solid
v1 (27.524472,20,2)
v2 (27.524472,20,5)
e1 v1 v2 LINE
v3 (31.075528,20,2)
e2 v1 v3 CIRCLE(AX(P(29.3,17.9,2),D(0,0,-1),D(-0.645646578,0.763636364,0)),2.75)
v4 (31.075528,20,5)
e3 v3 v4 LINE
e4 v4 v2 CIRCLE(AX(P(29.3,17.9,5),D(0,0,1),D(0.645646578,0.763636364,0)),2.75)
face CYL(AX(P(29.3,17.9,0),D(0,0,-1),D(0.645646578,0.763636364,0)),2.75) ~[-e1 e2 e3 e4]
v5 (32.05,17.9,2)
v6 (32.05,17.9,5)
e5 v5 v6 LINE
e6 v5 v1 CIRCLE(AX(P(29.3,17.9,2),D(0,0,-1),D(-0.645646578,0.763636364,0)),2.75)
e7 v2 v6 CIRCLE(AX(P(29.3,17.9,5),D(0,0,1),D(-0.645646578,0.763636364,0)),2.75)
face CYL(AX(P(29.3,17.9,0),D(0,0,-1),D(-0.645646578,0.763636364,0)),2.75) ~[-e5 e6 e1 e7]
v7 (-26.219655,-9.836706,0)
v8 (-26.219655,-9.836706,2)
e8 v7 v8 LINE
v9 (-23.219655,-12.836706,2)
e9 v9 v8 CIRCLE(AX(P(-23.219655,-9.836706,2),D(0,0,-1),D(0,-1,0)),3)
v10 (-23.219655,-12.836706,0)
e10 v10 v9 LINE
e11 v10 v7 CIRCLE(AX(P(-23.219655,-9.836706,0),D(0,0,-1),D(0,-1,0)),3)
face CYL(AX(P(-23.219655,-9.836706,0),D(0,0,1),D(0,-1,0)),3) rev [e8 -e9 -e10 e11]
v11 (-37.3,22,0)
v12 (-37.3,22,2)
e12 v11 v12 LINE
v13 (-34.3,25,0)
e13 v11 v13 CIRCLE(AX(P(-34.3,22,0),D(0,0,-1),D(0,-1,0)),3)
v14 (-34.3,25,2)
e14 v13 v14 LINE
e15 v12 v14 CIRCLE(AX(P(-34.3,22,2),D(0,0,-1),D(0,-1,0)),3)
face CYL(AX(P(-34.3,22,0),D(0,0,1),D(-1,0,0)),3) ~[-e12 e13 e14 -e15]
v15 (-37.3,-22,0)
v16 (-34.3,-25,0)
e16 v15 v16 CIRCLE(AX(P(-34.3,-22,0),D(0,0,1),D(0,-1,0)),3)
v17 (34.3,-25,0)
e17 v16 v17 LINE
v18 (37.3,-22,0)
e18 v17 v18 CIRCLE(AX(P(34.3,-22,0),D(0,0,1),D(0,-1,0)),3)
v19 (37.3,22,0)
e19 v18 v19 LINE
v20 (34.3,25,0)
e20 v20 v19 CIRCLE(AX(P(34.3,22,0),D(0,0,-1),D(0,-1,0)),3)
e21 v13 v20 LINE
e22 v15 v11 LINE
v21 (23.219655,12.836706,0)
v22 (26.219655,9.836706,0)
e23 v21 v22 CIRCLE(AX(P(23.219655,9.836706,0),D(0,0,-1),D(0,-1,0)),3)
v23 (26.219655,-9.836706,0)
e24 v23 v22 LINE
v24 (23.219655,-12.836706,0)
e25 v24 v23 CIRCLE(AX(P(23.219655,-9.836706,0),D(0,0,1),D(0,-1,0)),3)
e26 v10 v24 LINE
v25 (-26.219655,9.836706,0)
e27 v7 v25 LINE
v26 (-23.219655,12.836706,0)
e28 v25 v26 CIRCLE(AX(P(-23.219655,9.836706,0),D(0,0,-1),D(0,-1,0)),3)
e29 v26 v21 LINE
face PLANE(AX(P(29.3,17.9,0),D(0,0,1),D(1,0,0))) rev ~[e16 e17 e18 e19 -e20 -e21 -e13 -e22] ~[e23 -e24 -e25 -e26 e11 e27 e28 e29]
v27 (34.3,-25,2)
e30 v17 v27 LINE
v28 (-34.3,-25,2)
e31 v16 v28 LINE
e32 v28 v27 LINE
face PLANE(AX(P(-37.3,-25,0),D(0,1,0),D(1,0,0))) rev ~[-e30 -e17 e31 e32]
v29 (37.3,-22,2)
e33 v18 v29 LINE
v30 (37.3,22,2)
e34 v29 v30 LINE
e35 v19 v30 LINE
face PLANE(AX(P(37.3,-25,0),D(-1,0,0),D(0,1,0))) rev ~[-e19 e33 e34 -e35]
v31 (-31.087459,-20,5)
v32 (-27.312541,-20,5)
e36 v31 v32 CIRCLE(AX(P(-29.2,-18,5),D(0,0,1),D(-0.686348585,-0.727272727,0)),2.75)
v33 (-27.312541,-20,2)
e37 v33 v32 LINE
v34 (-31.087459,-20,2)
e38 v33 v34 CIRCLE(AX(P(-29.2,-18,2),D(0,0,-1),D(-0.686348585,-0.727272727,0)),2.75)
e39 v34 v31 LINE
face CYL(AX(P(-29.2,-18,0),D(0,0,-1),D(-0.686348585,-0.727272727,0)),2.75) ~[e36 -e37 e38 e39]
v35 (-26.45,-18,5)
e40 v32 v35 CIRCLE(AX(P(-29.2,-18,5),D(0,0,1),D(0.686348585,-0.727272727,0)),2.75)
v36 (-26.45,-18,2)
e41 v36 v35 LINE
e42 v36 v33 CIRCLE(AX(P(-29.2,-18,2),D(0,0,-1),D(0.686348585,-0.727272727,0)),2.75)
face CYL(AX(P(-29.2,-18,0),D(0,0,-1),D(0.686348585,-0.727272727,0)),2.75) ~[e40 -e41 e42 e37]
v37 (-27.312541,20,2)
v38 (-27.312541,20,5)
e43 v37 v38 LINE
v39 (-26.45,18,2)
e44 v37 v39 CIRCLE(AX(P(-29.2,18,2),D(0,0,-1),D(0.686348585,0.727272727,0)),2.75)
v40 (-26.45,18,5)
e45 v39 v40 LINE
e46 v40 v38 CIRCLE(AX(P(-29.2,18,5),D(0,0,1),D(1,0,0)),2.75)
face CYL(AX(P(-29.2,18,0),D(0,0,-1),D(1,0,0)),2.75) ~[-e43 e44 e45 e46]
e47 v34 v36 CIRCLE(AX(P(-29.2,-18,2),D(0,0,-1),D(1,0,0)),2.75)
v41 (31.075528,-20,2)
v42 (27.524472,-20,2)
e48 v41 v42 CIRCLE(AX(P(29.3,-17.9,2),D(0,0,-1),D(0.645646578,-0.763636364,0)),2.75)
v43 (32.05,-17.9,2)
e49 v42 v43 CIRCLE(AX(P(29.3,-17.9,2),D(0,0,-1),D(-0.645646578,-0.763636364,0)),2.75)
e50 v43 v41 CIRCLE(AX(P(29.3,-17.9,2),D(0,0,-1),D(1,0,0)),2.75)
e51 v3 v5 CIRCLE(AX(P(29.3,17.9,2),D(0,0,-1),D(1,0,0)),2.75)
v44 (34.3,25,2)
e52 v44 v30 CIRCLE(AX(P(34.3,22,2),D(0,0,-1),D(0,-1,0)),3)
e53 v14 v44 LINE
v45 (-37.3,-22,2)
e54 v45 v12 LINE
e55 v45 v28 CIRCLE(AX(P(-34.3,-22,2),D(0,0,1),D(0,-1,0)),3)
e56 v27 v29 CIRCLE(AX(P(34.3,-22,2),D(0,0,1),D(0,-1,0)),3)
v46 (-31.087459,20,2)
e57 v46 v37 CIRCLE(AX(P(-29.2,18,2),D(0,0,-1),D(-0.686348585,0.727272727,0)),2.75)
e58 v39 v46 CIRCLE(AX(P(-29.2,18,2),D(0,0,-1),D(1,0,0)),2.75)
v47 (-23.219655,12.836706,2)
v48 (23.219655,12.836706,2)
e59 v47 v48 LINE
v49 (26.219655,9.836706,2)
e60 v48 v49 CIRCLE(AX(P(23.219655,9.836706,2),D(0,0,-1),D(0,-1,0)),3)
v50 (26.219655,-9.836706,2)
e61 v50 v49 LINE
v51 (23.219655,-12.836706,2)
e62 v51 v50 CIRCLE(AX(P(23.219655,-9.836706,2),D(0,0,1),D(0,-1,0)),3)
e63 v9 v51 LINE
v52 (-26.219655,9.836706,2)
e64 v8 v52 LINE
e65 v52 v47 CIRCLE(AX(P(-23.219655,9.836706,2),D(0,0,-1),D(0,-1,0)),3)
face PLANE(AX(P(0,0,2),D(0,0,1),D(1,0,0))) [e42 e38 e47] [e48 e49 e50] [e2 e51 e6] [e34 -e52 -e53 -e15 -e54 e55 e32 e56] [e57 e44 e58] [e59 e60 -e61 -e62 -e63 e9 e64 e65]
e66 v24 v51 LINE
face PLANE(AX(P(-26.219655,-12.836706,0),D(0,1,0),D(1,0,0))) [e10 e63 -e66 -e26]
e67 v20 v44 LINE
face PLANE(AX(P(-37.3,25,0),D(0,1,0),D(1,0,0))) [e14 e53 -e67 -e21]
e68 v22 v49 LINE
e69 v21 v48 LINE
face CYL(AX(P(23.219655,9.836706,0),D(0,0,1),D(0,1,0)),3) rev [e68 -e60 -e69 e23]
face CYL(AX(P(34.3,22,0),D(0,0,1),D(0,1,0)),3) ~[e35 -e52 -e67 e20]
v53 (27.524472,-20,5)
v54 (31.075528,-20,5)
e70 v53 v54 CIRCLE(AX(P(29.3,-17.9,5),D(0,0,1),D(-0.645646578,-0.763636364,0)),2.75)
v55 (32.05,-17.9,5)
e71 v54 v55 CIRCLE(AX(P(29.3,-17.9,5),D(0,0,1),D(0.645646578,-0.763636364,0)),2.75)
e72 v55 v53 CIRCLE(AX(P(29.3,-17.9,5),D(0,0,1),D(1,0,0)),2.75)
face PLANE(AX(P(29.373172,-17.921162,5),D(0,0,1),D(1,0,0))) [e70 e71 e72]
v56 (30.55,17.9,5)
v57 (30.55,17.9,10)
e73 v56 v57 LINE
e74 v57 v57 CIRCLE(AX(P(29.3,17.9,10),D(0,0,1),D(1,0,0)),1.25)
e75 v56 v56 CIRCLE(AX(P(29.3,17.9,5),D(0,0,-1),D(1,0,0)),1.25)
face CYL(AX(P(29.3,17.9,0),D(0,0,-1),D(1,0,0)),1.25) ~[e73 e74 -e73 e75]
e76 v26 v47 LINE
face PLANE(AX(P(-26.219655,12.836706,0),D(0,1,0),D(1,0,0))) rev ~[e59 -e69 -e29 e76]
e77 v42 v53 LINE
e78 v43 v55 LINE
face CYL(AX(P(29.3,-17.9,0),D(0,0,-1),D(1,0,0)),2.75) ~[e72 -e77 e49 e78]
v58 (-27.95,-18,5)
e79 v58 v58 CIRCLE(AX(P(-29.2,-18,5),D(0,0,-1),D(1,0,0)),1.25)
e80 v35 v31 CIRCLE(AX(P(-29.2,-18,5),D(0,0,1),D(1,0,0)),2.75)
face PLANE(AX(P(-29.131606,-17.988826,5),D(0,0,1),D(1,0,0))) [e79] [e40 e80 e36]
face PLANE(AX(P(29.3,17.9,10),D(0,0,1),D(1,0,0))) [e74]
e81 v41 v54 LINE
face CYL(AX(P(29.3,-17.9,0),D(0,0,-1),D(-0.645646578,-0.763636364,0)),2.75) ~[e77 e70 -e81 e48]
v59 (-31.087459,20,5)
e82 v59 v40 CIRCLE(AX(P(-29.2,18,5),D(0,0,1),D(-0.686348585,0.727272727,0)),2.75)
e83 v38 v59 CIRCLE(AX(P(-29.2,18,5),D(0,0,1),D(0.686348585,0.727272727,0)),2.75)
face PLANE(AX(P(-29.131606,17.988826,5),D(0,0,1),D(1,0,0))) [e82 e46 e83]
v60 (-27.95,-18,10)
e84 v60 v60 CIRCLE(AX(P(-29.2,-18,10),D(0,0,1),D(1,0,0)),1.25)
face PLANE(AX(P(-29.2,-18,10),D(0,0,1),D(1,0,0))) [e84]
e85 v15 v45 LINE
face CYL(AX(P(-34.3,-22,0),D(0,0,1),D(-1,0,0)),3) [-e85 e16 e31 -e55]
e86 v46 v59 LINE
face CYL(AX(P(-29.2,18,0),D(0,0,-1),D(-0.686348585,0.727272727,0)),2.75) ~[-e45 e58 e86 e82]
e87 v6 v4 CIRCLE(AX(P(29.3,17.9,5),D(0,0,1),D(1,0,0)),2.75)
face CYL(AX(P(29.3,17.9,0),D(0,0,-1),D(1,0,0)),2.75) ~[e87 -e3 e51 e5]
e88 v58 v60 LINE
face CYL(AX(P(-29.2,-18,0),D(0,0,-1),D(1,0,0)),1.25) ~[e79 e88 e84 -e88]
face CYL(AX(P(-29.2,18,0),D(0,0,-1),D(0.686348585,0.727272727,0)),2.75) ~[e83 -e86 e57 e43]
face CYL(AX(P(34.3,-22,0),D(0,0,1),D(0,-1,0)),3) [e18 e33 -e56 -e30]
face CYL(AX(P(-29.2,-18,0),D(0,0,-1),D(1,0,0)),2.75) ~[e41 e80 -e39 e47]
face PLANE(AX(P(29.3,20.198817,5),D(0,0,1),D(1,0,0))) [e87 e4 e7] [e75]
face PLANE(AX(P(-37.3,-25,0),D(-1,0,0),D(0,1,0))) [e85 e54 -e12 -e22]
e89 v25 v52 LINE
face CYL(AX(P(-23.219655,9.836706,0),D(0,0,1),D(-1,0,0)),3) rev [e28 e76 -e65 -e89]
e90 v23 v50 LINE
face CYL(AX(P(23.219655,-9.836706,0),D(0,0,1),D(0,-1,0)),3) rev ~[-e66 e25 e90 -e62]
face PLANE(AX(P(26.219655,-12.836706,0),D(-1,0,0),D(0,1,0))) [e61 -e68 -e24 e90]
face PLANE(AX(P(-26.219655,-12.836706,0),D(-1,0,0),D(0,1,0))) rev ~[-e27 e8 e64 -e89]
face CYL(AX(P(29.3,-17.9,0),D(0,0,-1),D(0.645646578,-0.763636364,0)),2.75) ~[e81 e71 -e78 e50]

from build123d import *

# Parameters (mm, degrees)
F0_W     = 74.6
F0_H     = 50
F0_W_2   = 52.4393096566
F0_H_2   = 25.6734117866
F0_R     = 1.25
F1_DEPTH = 2
F2_DEPTH = 5
F3_DEPTH = 10
F4_R     = 3
F5_R     = 3


with BuildPart() as f1:
    # F0 (on Top) → F1 (new body)
    with BuildSketch(Plane.XY):
        Rectangle(F0_W, F0_H)
        with BuildLine():
            Line((-32.3, -20), (-32.3, 20))
            Line((-32.3, 20), (-31.0874586088, 20))
            ThreePointArc((-31.0874586088, 20), (-29.2, 20.75), (-27.3125413912, 20))
            Line((-27.3125413912, 20), (27.5244719095, 20))
            ThreePointArc((27.5244719095, 20), (29.3, 20.65), (31.0755280905, 20))
            Line((31.0755280905, 20), (32.3, 20))
            Line((32.3, 20), (32.3, -20))
            Line((32.3, -20), (31.0755280905, -20))
            ThreePointArc((31.0755280905, -20), (29.3, -20.65), (27.5244719095, -20))
            Line((27.5244719095, -20), (-27.3125413912, -20))
            ThreePointArc((-27.3125413912, -20), (-29.2, -20.75), (-31.0874586088, -20))
            Line((-31.0874586088, -20), (-32.3, -20))
        make_face(mode=Mode.SUBTRACT)
        with BuildLine():
            Line((-31.0874586088, 20), (-32.3, 20))
            Line((-32.3, 20), (-32.3, -20))
            Line((-32.3, -20), (-31.0874586088, -20))
            ThreePointArc((-31.0874586088, -20), (-30.289033706, -15.4748256323), (-26.45, -18))
            ThreePointArc((-26.45, -18), (-26.6748256323, -19.089033706), (-27.3125413912, -20))
            Line((-27.3125413912, -20), (27.5244719095, -20))
            ThreePointArc((27.5244719095, -20), (28.1424599896, -15.4054857939), (32.05, -17.9))
            ThreePointArc((32.05, -17.9), (31.7945142061, -19.0575400104), (31.0755280905, -20))
            Line((31.0755280905, -20), (32.3, -20))
            Line((32.3, -20), (32.3, 20))
            Line((32.3, 20), (31.0755280905, 20))
            ThreePointArc((31.0755280905, 20), (31.7945142061, 19.0575400104), (32.05, 17.9))
            ThreePointArc((32.05, 17.9), (28.1424599896, 15.4054857939), (27.5244719095, 20))
            Line((27.5244719095, 20), (-27.3125413912, 20))
            ThreePointArc((-27.3125413912, 20), (-26.6748256323, 19.089033706), (-26.45, 18))
            ThreePointArc((-26.45, 18), (-30.289033706, 15.4748256323), (-31.0874586088, 20))
        make_face()
        Rectangle(F0_W_2, F0_H_2, mode=Mode.SUBTRACT)
        with BuildLine():
            Line((31.0755280905, 20), (27.5244719095, 20))
            ThreePointArc((27.5244719095, 20), (28.1424599896, 15.4054857939), (32.05, 17.9))
            ThreePointArc((32.05, 17.9), (31.7945142061, 19.0575400104), (31.0755280905, 20))
        make_face()
        with Locations((29.3, 17.9)):
            Circle(F0_R, mode=Mode.SUBTRACT)
        with BuildLine():
            ThreePointArc((-26.45, -18), (-30.289033706, -15.4748256323), (-31.0874586088, -20))
            Line((-31.0874586088, -20), (-27.3125413912, -20))
            ThreePointArc((-27.3125413912, -20), (-26.6748256323, -19.089033706), (-26.45, -18))
        make_face()
        with Locations((-29.2, -18)):
            Circle(F0_R, mode=Mode.SUBTRACT)
        with Locations((-29.2, -18)):
            Circle(F0_R)
        with Locations((29.3, 17.9)):
            Circle(F0_R)
        with BuildLine():
            Line((-27.3125413912, -20), (-31.0874586088, -20))
            ThreePointArc((-31.0874586088, -20), (-29.2, -20.75), (-27.3125413912, -20))
        make_face()
    extrude(amount=F1_DEPTH)

    # F0 (on Top) → F2 (join)
    with BuildSketch(Plane.XY):
        with BuildLine():
            ThreePointArc((31.0755280905, 20), (29.3, 20.65), (27.5244719095, 20))
            Line((27.5244719095, 20), (31.0755280905, 20))
        make_face()
        with BuildLine():
            Line((31.0755280905, 20), (27.5244719095, 20))
            ThreePointArc((27.5244719095, 20), (28.1424599896, 15.4054857939), (32.05, 17.9))
            ThreePointArc((32.05, 17.9), (31.7945142061, 19.0575400104), (31.0755280905, 20))
        make_face()
        with Locations((29.3, 17.9)):
            Circle(F0_R, mode=Mode.SUBTRACT)
        with Locations((29.3, 17.9)):
            Circle(F0_R)
        with BuildLine():
            ThreePointArc((-26.45, -18), (-30.289033706, -15.4748256323), (-31.0874586088, -20))
            Line((-31.0874586088, -20), (-27.3125413912, -20))
            ThreePointArc((-27.3125413912, -20), (-26.6748256323, -19.089033706), (-26.45, -18))
        make_face()
        with Locations((-29.2, -18)):
            Circle(F0_R, mode=Mode.SUBTRACT)
        with Locations((-29.2, -18)):
            Circle(F0_R)
        with BuildLine():
            Line((-27.3125413912, -20), (-31.0874586088, -20))
            ThreePointArc((-31.0874586088, -20), (-29.2, -20.75), (-27.3125413912, -20))
        make_face()
        with BuildLine():
            Line((-27.3125413912, 20), (-31.0874586088, 20))
            ThreePointArc((-31.0874586088, 20), (-30.289033706, 15.4748256323), (-26.45, 18))
            ThreePointArc((-26.45, 18), (-26.6748256323, 19.089033706), (-27.3125413912, 20))
        make_face()
        with BuildLine():
            ThreePointArc((-27.3125413912, 20), (-29.2, 20.75), (-31.0874586088, 20))
            Line((-31.0874586088, 20), (-27.3125413912, 20))
        make_face()
        with BuildLine():
            ThreePointArc((32.05, -17.9), (28.1424599896, -15.4054857939), (27.5244719095, -20))
            Line((27.5244719095, -20), (31.0755280905, -20))
            ThreePointArc((31.0755280905, -20), (31.7945142061, -19.0575400104), (32.05, -17.9))
        make_face()
        with BuildLine():
            Line((31.0755280905, -20), (27.5244719095, -20))
            ThreePointArc((27.5244719095, -20), (29.3, -20.65), (31.0755280905, -20))
        make_face()
    extrude(amount=F2_DEPTH)

    # F0 (on Top) → F3 (join)
    with BuildSketch(Plane.XY):
        with Locations((29.3, 17.9)):
            Circle(F0_R)
        with Locations((-29.2, -18)):
            Circle(F0_R)
    extrude(amount=F3_DEPTH)

    # F4
    f4_edges = [f1.edges().sort_by_distance(p)[0] for p in [
        (37.3, 25, 1),
        (37.3, -25, 1),
        (-37.3, -25, 1),
        (-37.3, 25, 1),
    ]]
    fillet(f4_edges, radius=F4_R)

    # F5
    f5_edges = [f1.edges().sort_by_distance(p)[0] for p in [
        (-26.219655, 12.836706, 1),
        (26.219655, 12.836706, 1),
        (26.219655, -12.836706, 1),
        (-26.219655, -12.836706, 1),
    ]]
    fillet(f5_edges, radius=F5_R)


solid = f1.part
